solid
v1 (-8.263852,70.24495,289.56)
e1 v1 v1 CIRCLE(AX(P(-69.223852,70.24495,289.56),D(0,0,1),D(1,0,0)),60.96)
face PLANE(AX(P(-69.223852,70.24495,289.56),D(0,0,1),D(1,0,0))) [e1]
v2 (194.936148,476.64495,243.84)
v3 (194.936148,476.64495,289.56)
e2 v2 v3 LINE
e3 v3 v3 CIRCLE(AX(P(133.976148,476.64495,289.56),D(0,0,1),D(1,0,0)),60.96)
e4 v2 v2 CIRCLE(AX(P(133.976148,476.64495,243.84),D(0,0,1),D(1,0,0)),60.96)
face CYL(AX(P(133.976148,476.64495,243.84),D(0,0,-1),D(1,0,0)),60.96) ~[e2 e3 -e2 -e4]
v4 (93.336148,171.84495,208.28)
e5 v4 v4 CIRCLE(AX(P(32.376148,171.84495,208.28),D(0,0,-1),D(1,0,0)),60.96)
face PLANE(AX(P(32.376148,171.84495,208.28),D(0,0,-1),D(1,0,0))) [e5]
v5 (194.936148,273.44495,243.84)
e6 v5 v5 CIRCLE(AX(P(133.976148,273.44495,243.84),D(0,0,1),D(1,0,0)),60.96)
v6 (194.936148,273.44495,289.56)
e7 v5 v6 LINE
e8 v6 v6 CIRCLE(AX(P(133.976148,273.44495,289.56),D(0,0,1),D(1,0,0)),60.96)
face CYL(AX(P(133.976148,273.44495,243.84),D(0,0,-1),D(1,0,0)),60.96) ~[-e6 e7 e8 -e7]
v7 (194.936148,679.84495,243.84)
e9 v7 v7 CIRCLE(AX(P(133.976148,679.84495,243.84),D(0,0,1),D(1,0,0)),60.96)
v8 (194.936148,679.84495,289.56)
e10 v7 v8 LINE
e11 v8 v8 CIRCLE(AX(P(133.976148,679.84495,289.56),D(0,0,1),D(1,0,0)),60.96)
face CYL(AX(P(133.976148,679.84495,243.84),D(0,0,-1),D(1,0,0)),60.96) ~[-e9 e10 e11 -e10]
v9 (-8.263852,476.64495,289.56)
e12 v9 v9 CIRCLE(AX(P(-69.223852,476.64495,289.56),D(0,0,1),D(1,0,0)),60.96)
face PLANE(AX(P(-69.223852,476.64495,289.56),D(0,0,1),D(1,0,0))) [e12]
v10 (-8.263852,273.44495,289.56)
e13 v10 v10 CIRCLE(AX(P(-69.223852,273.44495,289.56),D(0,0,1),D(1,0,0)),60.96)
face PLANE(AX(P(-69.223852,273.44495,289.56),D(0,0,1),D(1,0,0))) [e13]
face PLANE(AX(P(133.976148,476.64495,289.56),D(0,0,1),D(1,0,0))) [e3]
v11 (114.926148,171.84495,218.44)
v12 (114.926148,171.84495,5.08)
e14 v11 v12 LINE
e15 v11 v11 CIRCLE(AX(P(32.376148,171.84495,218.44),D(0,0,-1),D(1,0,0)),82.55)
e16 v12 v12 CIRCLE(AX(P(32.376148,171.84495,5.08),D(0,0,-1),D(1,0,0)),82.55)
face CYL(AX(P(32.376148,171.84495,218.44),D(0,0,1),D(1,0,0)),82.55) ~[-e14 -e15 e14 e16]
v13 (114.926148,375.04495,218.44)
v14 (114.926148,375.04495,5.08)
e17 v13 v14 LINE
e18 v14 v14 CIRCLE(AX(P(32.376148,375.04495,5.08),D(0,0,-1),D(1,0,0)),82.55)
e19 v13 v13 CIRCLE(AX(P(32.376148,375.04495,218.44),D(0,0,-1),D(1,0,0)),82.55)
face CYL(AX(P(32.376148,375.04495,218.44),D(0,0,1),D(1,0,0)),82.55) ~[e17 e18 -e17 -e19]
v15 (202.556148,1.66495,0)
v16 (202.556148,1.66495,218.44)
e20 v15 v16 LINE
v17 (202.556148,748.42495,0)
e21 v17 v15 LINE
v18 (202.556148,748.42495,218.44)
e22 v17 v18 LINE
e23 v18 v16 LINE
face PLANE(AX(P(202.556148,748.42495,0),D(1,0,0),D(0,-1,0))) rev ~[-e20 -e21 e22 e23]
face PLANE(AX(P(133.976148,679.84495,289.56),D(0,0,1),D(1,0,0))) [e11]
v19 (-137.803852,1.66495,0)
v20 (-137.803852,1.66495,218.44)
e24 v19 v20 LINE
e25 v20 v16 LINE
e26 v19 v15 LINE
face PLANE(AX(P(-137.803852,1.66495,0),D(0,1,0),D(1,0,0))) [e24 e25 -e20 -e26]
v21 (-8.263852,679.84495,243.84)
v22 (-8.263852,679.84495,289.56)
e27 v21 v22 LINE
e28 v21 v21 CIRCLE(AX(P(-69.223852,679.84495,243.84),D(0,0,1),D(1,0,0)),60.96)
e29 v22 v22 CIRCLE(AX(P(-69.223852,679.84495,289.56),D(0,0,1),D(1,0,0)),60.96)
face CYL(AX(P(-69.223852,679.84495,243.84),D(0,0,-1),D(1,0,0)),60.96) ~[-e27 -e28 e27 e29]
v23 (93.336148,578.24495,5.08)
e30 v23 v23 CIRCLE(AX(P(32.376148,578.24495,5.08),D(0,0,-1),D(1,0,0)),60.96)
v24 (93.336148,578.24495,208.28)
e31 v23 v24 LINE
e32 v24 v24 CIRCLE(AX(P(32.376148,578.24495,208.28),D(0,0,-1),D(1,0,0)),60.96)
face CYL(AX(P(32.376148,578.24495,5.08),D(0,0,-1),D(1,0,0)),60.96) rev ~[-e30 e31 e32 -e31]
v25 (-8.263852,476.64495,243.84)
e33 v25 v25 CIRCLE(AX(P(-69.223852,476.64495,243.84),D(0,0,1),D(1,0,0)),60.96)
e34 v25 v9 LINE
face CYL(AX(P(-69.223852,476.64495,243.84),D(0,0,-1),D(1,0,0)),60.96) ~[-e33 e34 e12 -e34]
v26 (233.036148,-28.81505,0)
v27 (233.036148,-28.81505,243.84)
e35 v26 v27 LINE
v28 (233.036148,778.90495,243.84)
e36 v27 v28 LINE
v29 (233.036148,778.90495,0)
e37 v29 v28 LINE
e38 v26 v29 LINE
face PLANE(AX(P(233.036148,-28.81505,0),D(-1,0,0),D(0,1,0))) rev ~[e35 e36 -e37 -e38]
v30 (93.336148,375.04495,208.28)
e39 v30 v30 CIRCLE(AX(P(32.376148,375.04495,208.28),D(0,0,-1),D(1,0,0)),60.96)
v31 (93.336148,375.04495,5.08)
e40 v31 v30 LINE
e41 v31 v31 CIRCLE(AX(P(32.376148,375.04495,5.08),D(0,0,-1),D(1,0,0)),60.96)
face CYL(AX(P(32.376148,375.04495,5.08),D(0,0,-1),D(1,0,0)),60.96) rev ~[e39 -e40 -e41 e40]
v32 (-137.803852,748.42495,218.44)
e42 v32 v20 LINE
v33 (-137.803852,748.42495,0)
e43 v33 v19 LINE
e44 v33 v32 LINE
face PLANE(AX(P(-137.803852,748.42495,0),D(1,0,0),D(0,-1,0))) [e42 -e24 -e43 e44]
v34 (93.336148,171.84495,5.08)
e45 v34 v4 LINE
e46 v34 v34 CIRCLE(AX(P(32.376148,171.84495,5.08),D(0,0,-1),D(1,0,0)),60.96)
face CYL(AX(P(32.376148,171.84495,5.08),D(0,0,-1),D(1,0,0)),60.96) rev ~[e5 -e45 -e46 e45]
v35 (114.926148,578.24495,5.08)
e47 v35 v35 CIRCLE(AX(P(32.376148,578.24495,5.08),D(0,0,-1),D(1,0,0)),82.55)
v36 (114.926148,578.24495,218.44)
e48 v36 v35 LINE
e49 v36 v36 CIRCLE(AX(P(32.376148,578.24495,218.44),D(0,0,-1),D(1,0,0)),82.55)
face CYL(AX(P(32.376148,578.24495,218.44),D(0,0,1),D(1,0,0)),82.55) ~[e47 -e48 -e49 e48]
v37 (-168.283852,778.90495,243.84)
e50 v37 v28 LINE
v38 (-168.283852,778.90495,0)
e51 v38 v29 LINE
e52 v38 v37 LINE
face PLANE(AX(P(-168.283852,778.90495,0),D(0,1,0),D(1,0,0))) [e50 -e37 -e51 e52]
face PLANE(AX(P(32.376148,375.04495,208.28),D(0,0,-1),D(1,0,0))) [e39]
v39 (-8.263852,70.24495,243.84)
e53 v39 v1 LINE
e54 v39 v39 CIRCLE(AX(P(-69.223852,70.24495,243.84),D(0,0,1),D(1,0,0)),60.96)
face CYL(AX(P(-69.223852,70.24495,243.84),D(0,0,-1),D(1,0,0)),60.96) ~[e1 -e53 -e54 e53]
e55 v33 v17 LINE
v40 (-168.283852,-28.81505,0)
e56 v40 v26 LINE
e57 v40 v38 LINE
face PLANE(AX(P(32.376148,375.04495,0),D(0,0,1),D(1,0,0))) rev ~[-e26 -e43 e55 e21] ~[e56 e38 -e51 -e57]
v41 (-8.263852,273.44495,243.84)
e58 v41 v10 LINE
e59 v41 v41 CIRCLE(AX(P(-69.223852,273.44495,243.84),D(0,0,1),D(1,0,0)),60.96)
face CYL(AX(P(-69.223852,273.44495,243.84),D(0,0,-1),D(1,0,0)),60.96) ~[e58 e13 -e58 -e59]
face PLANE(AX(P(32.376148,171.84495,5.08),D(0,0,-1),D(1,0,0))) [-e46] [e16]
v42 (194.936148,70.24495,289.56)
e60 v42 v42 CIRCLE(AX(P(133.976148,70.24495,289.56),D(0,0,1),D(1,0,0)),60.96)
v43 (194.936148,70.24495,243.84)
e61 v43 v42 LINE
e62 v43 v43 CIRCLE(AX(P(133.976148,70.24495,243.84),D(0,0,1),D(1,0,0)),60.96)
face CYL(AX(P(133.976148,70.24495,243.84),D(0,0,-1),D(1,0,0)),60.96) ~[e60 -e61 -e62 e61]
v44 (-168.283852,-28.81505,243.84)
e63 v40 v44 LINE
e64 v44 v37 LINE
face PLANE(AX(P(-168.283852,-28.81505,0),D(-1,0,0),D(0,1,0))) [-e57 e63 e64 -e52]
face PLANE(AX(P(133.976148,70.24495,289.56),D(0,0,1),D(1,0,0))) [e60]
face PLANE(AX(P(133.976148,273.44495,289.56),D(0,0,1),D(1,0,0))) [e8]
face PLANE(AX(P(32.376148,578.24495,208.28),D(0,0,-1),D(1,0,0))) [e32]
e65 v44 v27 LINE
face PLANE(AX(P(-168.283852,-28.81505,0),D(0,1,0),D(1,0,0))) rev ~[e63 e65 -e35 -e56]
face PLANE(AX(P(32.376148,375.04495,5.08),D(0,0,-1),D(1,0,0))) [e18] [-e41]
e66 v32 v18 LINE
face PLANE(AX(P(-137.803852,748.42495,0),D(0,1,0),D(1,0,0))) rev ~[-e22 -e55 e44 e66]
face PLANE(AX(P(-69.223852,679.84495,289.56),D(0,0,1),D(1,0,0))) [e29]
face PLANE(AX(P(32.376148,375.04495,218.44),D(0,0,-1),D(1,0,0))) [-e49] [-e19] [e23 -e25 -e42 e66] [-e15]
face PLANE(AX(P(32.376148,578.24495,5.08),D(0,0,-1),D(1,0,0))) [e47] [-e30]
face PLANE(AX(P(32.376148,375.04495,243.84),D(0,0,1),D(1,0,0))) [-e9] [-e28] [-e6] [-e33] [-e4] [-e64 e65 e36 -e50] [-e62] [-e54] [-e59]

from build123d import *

# Parameters (mm, degrees)
F0_W     = 401.32
F0_H     = 807.72
F1_DEPTH = 243.84
F2_R     = 60.96
F3_DEPTH = 45.72
F4_W     = 340.36
F4_H     = 746.76
F5_DEPTH = 218.44
F6_R     = 82.55
F7_DEPTH = 213.36
F8_R     = 60.96
F9_DEPTH = 203.2


with BuildPart() as f1:
    # F0 (on Top) → F1 (new body)
    with BuildSketch(Plane.XY):
        with Locations((32.376148, 375.04495)):
            Rectangle(F0_W, F0_H)
    extrude(amount=F1_DEPTH)

    # F2 (on face) → F3 (join)
    with BuildSketch(Plane.XY.offset(243.84)):
        with Locations((-69.223852, 70.24495)):
            Circle(F2_R)
        with Locations((-69.223852, 273.44495)):
            Circle(F2_R)
        with Locations((-69.223852, 476.64495)):
            Circle(F2_R)
        with Locations((-69.223852, 679.84495)):
            Circle(F2_R)
        with Locations((133.976148, 70.24495)):
            Circle(F2_R)
        with Locations((133.976148, 273.44495)):
            Circle(F2_R)
        with Locations((133.976148, 476.64495)):
            Circle(F2_R)
        with Locations((133.976148, 679.84495)):
            Circle(F2_R)
    extrude(amount=F3_DEPTH)

    # F4 (on face) → F5 (cut)
    with BuildSketch(Plane(origin=(0, 0, 0), x_dir=(1, 0, 0), z_dir=(0, 0, -1))):
        with Locations((32.376148, -375.04495)):
            Rectangle(F4_W, F4_H)
    extrude(amount=-F5_DEPTH, mode=Mode.SUBTRACT)

    # F6 (on face) → F7 (join)
    with BuildSketch(Plane(origin=(0, 0, 218.44), x_dir=(1, 0, 0), z_dir=(0, 0, -1))):
        with Locations((32.376148, -578.24495)):
            Circle(F6_R)
        with Locations((32.376148, -375.04495)):
            Circle(F6_R)
        with Locations((32.376148, -171.84495)):
            Circle(F6_R)
    extrude(amount=F7_DEPTH)

    # F8 (on face) → F9 (cut)
    with BuildSketch(Plane(origin=(0, 0, 5.08), x_dir=(1, 0, 0), z_dir=(0, 0, -1))):
        with Locations((32.376148, -171.84495)):
            Circle(F8_R)
        with Locations((32.376148, -375.04495)):
            Circle(F8_R)
        with Locations((32.376148, -578.24495)):
            Circle(F8_R)
    extrude(amount=-F9_DEPTH, mode=Mode.SUBTRACT)


solid = f1.part
